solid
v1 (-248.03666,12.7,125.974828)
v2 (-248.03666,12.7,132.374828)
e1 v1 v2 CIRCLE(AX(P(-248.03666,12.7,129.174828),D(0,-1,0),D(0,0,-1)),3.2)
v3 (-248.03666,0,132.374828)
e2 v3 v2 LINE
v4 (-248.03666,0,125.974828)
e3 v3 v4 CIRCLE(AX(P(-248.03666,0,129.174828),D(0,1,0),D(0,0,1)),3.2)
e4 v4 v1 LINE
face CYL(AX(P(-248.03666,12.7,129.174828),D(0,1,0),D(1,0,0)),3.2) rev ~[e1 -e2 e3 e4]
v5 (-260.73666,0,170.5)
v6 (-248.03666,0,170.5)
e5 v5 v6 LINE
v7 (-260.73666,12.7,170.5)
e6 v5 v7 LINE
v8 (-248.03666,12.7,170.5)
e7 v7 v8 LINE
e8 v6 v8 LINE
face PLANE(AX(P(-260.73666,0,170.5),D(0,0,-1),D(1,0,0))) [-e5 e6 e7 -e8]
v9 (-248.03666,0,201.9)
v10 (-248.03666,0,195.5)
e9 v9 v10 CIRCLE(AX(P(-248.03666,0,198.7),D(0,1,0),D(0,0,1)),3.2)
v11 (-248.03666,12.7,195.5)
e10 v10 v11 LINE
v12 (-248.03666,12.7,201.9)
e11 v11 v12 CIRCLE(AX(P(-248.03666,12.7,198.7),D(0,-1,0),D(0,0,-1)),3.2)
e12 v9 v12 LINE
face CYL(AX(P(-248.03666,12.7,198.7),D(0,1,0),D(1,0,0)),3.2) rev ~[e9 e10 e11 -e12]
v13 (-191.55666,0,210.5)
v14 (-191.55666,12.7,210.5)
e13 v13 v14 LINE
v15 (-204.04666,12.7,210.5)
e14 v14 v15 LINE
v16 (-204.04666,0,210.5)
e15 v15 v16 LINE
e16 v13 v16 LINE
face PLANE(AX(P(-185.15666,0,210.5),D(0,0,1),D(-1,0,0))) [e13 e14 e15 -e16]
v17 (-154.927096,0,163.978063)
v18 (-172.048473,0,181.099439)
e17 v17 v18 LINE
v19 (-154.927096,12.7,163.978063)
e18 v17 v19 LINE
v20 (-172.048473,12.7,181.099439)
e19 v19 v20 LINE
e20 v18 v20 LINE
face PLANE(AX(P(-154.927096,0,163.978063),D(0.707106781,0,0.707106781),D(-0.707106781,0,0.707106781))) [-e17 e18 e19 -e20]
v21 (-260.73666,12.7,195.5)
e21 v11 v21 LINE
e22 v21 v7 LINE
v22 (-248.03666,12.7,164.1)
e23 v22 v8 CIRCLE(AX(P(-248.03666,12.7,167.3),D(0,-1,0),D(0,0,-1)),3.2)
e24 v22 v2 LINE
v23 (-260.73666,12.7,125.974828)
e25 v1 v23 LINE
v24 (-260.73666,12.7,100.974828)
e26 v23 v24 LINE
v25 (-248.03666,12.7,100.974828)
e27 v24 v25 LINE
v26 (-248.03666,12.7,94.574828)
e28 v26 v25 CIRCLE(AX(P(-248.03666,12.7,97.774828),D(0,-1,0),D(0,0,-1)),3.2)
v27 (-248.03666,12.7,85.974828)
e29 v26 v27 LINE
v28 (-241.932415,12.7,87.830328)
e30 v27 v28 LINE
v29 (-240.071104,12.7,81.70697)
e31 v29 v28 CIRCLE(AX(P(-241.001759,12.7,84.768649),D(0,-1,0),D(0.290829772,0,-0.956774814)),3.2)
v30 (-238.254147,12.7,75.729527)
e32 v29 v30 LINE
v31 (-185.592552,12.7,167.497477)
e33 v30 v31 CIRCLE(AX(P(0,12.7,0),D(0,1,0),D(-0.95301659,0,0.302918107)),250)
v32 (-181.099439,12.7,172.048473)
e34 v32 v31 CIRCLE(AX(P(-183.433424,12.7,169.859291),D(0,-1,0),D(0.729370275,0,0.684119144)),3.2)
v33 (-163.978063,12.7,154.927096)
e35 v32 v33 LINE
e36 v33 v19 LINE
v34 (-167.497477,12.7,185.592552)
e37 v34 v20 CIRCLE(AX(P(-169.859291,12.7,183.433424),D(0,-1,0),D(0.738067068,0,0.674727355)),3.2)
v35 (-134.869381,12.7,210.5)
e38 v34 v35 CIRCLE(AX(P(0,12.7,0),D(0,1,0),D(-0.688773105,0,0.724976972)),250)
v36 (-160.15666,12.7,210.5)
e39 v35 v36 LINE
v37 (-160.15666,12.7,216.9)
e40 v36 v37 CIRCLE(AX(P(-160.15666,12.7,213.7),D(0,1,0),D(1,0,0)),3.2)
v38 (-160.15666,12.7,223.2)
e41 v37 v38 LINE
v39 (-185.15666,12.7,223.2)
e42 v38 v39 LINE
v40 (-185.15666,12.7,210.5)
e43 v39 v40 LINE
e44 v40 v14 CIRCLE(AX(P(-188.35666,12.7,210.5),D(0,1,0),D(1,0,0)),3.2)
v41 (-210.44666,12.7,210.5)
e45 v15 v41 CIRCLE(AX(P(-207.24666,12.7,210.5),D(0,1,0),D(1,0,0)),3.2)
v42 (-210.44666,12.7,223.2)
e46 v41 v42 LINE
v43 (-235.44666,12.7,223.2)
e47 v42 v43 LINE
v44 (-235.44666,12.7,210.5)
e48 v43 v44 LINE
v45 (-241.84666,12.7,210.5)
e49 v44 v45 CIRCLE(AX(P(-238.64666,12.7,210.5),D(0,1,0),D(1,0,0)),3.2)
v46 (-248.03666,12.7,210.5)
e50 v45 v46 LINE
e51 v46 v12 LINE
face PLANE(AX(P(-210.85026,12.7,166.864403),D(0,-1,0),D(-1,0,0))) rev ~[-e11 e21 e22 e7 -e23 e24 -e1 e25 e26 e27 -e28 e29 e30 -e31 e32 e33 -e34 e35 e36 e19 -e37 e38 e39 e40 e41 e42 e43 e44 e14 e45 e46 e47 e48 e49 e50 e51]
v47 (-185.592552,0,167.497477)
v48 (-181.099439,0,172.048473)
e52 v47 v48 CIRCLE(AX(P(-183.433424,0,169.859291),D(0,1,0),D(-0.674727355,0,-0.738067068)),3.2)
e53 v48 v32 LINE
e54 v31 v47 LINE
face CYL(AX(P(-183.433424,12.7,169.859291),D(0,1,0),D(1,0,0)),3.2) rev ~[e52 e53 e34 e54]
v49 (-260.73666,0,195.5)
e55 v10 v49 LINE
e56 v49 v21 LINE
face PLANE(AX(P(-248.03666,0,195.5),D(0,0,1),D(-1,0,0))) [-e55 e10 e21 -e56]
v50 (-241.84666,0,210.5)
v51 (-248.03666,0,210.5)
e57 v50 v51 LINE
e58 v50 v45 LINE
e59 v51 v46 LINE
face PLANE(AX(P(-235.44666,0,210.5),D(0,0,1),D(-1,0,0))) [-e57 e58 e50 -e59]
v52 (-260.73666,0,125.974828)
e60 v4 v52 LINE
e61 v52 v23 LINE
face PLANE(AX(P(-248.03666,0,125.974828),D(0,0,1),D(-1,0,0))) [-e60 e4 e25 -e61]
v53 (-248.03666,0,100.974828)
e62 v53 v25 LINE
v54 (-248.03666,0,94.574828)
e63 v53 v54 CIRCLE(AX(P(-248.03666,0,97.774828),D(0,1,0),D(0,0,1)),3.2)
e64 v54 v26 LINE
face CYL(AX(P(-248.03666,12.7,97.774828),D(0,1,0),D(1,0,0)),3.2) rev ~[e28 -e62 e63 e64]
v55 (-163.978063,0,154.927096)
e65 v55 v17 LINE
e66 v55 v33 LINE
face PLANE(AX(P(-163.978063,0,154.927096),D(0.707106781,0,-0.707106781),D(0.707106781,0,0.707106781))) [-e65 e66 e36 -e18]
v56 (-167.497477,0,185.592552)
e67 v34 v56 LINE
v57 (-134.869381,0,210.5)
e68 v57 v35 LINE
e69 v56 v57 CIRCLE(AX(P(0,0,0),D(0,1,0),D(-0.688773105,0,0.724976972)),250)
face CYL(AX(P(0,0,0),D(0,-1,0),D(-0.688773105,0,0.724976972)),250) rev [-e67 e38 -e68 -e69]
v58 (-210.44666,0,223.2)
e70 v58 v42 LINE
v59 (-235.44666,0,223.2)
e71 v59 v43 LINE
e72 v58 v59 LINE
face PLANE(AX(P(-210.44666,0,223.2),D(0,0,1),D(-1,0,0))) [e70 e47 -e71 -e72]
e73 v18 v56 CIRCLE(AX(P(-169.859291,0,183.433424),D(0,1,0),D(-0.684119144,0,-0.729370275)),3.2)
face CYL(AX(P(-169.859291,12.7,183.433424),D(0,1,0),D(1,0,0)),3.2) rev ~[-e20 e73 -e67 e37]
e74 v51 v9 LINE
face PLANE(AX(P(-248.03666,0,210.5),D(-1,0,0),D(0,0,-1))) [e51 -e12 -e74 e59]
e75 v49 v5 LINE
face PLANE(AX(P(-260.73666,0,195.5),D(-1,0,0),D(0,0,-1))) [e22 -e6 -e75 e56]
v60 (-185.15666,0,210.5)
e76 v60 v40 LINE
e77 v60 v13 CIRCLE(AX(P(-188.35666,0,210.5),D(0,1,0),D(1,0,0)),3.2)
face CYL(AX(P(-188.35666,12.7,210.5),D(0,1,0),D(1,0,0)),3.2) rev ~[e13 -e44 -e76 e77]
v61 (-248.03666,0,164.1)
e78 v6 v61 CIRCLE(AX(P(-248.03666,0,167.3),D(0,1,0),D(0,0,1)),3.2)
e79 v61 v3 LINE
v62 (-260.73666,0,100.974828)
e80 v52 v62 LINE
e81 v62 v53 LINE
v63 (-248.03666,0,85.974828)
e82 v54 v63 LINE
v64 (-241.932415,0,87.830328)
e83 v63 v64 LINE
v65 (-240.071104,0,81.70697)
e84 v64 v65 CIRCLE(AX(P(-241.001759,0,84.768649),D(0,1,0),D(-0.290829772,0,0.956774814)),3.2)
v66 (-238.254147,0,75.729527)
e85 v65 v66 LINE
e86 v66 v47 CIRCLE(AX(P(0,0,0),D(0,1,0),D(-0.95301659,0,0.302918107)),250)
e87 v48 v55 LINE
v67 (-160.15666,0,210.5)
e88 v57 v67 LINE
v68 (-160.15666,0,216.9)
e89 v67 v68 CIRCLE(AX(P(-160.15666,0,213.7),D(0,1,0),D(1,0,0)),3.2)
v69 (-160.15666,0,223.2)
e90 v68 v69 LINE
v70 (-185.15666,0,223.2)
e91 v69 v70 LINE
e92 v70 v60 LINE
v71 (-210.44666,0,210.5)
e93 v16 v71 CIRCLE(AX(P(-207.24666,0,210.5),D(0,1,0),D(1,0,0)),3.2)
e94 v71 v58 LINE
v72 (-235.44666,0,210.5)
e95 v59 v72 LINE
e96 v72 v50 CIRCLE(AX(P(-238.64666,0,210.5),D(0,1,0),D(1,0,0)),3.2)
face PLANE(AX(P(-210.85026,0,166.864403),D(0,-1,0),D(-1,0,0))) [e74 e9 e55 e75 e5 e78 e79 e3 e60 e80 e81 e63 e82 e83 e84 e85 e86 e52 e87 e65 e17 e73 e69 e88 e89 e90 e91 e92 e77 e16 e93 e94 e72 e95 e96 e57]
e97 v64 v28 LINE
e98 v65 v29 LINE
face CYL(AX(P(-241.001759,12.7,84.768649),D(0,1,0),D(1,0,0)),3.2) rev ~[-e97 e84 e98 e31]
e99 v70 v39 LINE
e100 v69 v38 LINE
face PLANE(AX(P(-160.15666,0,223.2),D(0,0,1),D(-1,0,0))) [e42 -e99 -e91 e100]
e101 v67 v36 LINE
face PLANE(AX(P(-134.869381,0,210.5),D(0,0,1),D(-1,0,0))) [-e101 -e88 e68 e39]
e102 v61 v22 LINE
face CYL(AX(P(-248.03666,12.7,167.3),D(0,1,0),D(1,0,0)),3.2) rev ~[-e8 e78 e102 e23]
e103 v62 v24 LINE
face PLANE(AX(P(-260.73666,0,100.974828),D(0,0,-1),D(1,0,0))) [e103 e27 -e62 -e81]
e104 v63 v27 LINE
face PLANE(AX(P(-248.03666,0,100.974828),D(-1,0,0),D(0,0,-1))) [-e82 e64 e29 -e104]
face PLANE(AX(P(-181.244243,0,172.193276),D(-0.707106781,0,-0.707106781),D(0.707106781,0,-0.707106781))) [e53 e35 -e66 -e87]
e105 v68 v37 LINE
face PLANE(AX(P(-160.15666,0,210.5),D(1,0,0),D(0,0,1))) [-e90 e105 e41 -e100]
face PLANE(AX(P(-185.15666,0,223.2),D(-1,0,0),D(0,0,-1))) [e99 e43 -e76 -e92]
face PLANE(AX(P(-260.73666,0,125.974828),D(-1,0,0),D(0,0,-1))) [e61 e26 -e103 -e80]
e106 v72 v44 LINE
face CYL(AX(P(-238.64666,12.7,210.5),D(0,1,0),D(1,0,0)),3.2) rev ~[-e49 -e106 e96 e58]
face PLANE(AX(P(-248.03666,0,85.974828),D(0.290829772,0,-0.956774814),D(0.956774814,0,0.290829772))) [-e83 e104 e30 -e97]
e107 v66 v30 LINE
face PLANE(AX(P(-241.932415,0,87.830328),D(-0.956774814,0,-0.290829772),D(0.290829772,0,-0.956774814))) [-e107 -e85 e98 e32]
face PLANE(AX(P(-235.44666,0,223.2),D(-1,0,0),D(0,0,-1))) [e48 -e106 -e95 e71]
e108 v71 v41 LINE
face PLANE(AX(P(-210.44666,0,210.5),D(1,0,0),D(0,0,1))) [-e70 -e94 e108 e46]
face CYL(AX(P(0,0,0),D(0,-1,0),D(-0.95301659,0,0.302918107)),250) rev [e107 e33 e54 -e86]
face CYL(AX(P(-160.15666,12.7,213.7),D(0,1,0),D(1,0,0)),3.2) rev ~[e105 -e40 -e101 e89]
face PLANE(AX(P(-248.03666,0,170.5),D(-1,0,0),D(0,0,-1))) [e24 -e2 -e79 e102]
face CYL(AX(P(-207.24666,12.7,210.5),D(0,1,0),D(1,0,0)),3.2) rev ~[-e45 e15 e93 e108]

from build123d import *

# Parameters (mm, degrees)
BOSS_EXTRUDE1_DEPTH = 12.7
SKETCH2_R           = 3.2
CUT_EXTRUDE1_DEPTH  = 344.457619003


with BuildPart() as part:
    # Sketch1 → Boss-Extrude1 (new body)
    with BuildSketch(Plane(origin=(0, 0, 0), x_dir=(1, 0, 0), z_dir=(0, 1, 0))):
        with BuildLine():
            Line((-134.869381255, -210.5), (-160.156660352, -210.5))
            Line((-160.156660352, -210.5), (-160.156660352, -223.2))
            Line((-160.156660352, -223.2), (-185.156660352, -223.2))
            Line((-185.156660352, -223.2), (-185.156660352, -210.5))
            Line((-185.156660352, -210.5), (-210.446660352, -210.5))
            Line((-210.446660352, -210.5), (-210.446660352, -223.2))
            Line((-210.446660352, -223.2), (-235.446660352, -223.2))
            Line((-235.446660352, -223.2), (-235.446660352, -210.5))
            Line((-235.446660352, -210.5), (-248.036660352, -210.5))
            Line((-248.036660352, -210.5), (-248.036660352, -195.5))
            Line((-248.036660352, -195.5), (-260.736660352, -195.5))
            Line((-260.736660352, -195.5), (-260.736660352, -170.5))
            Line((-260.736660352, -170.5), (-248.036660352, -170.5))
            Line((-248.036660352, -170.5), (-248.036660352, -125.974827547))
            Line((-248.036660352, -125.974827547), (-260.736660352, -125.974827547))
            Line((-260.736660352, -125.974827547), (-260.736660352, -100.974827547))
            Line((-260.736660352, -100.974827547), (-248.036660352, -100.974827547))
            Line((-248.036660352, -100.974827547), (-248.036660352, -85.974827547))
            Line((-248.036660352, -85.974827547), (-241.932414551, -87.830328326))
            Line((-241.932414551, -87.830328326), (-238.254147431, -75.729526817))
            ThreePointArc((-238.254147431, -75.729526817), (-215.223229772, -127.196546204), (-181.244243015, -172.193276216))
            Line((-181.244243015, -172.193276216), (-163.978062557, -154.927095758))
            Line((-163.978062557, -154.927095758), (-154.927095758, -163.978062557))
            Line((-154.927095758, -163.978062557), (-172.193276216, -181.244243015))
            ThreePointArc((-172.193276216, -181.244243015), (-154.226598654, -196.759132616), (-134.869381255, -210.5))
        make_face()
    extrude(amount=BOSS_EXTRUDE1_DEPTH)

    # Sketch2 → Cut-Extrude1 (cut, through all)
    with BuildSketch(Plane(origin=(0, 12.7, 0), x_dir=(1, 0, 0), z_dir=(0, 1, 0))):
        with Locations((-248.036660352, -129.174827547)):
            Circle(SKETCH2_R)
        with Locations((-248.036660352, -97.774827547)):
            Circle(SKETCH2_R)
        with Locations((-248.036660352, -167.3)):
            Circle(SKETCH2_R)
        with Locations((-248.036660352, -198.7)):
            Circle(SKETCH2_R)
        with Locations((-238.646660352, -210.5)):
            Circle(SKETCH2_R)
        with Locations((-207.246660352, -210.5)):
            Circle(SKETCH2_R)
        with Locations((-188.356660352, -210.5)):
            Circle(SKETCH2_R)
        with Locations((-160.156660352, -213.7)):
            Circle(SKETCH2_R)
        with Locations((-183.433424282, -169.859291345)):
            Circle(SKETCH2_R)
        with Locations((-169.859291345, -183.433424282)):
            Circle(SKETCH2_R)
        with Locations((-241.001759282, -84.768648922)):
            Circle(SKETCH2_R)
    extrude(amount=-CUT_EXTRUDE1_DEPTH, mode=Mode.SUBTRACT)


solid = part.part
